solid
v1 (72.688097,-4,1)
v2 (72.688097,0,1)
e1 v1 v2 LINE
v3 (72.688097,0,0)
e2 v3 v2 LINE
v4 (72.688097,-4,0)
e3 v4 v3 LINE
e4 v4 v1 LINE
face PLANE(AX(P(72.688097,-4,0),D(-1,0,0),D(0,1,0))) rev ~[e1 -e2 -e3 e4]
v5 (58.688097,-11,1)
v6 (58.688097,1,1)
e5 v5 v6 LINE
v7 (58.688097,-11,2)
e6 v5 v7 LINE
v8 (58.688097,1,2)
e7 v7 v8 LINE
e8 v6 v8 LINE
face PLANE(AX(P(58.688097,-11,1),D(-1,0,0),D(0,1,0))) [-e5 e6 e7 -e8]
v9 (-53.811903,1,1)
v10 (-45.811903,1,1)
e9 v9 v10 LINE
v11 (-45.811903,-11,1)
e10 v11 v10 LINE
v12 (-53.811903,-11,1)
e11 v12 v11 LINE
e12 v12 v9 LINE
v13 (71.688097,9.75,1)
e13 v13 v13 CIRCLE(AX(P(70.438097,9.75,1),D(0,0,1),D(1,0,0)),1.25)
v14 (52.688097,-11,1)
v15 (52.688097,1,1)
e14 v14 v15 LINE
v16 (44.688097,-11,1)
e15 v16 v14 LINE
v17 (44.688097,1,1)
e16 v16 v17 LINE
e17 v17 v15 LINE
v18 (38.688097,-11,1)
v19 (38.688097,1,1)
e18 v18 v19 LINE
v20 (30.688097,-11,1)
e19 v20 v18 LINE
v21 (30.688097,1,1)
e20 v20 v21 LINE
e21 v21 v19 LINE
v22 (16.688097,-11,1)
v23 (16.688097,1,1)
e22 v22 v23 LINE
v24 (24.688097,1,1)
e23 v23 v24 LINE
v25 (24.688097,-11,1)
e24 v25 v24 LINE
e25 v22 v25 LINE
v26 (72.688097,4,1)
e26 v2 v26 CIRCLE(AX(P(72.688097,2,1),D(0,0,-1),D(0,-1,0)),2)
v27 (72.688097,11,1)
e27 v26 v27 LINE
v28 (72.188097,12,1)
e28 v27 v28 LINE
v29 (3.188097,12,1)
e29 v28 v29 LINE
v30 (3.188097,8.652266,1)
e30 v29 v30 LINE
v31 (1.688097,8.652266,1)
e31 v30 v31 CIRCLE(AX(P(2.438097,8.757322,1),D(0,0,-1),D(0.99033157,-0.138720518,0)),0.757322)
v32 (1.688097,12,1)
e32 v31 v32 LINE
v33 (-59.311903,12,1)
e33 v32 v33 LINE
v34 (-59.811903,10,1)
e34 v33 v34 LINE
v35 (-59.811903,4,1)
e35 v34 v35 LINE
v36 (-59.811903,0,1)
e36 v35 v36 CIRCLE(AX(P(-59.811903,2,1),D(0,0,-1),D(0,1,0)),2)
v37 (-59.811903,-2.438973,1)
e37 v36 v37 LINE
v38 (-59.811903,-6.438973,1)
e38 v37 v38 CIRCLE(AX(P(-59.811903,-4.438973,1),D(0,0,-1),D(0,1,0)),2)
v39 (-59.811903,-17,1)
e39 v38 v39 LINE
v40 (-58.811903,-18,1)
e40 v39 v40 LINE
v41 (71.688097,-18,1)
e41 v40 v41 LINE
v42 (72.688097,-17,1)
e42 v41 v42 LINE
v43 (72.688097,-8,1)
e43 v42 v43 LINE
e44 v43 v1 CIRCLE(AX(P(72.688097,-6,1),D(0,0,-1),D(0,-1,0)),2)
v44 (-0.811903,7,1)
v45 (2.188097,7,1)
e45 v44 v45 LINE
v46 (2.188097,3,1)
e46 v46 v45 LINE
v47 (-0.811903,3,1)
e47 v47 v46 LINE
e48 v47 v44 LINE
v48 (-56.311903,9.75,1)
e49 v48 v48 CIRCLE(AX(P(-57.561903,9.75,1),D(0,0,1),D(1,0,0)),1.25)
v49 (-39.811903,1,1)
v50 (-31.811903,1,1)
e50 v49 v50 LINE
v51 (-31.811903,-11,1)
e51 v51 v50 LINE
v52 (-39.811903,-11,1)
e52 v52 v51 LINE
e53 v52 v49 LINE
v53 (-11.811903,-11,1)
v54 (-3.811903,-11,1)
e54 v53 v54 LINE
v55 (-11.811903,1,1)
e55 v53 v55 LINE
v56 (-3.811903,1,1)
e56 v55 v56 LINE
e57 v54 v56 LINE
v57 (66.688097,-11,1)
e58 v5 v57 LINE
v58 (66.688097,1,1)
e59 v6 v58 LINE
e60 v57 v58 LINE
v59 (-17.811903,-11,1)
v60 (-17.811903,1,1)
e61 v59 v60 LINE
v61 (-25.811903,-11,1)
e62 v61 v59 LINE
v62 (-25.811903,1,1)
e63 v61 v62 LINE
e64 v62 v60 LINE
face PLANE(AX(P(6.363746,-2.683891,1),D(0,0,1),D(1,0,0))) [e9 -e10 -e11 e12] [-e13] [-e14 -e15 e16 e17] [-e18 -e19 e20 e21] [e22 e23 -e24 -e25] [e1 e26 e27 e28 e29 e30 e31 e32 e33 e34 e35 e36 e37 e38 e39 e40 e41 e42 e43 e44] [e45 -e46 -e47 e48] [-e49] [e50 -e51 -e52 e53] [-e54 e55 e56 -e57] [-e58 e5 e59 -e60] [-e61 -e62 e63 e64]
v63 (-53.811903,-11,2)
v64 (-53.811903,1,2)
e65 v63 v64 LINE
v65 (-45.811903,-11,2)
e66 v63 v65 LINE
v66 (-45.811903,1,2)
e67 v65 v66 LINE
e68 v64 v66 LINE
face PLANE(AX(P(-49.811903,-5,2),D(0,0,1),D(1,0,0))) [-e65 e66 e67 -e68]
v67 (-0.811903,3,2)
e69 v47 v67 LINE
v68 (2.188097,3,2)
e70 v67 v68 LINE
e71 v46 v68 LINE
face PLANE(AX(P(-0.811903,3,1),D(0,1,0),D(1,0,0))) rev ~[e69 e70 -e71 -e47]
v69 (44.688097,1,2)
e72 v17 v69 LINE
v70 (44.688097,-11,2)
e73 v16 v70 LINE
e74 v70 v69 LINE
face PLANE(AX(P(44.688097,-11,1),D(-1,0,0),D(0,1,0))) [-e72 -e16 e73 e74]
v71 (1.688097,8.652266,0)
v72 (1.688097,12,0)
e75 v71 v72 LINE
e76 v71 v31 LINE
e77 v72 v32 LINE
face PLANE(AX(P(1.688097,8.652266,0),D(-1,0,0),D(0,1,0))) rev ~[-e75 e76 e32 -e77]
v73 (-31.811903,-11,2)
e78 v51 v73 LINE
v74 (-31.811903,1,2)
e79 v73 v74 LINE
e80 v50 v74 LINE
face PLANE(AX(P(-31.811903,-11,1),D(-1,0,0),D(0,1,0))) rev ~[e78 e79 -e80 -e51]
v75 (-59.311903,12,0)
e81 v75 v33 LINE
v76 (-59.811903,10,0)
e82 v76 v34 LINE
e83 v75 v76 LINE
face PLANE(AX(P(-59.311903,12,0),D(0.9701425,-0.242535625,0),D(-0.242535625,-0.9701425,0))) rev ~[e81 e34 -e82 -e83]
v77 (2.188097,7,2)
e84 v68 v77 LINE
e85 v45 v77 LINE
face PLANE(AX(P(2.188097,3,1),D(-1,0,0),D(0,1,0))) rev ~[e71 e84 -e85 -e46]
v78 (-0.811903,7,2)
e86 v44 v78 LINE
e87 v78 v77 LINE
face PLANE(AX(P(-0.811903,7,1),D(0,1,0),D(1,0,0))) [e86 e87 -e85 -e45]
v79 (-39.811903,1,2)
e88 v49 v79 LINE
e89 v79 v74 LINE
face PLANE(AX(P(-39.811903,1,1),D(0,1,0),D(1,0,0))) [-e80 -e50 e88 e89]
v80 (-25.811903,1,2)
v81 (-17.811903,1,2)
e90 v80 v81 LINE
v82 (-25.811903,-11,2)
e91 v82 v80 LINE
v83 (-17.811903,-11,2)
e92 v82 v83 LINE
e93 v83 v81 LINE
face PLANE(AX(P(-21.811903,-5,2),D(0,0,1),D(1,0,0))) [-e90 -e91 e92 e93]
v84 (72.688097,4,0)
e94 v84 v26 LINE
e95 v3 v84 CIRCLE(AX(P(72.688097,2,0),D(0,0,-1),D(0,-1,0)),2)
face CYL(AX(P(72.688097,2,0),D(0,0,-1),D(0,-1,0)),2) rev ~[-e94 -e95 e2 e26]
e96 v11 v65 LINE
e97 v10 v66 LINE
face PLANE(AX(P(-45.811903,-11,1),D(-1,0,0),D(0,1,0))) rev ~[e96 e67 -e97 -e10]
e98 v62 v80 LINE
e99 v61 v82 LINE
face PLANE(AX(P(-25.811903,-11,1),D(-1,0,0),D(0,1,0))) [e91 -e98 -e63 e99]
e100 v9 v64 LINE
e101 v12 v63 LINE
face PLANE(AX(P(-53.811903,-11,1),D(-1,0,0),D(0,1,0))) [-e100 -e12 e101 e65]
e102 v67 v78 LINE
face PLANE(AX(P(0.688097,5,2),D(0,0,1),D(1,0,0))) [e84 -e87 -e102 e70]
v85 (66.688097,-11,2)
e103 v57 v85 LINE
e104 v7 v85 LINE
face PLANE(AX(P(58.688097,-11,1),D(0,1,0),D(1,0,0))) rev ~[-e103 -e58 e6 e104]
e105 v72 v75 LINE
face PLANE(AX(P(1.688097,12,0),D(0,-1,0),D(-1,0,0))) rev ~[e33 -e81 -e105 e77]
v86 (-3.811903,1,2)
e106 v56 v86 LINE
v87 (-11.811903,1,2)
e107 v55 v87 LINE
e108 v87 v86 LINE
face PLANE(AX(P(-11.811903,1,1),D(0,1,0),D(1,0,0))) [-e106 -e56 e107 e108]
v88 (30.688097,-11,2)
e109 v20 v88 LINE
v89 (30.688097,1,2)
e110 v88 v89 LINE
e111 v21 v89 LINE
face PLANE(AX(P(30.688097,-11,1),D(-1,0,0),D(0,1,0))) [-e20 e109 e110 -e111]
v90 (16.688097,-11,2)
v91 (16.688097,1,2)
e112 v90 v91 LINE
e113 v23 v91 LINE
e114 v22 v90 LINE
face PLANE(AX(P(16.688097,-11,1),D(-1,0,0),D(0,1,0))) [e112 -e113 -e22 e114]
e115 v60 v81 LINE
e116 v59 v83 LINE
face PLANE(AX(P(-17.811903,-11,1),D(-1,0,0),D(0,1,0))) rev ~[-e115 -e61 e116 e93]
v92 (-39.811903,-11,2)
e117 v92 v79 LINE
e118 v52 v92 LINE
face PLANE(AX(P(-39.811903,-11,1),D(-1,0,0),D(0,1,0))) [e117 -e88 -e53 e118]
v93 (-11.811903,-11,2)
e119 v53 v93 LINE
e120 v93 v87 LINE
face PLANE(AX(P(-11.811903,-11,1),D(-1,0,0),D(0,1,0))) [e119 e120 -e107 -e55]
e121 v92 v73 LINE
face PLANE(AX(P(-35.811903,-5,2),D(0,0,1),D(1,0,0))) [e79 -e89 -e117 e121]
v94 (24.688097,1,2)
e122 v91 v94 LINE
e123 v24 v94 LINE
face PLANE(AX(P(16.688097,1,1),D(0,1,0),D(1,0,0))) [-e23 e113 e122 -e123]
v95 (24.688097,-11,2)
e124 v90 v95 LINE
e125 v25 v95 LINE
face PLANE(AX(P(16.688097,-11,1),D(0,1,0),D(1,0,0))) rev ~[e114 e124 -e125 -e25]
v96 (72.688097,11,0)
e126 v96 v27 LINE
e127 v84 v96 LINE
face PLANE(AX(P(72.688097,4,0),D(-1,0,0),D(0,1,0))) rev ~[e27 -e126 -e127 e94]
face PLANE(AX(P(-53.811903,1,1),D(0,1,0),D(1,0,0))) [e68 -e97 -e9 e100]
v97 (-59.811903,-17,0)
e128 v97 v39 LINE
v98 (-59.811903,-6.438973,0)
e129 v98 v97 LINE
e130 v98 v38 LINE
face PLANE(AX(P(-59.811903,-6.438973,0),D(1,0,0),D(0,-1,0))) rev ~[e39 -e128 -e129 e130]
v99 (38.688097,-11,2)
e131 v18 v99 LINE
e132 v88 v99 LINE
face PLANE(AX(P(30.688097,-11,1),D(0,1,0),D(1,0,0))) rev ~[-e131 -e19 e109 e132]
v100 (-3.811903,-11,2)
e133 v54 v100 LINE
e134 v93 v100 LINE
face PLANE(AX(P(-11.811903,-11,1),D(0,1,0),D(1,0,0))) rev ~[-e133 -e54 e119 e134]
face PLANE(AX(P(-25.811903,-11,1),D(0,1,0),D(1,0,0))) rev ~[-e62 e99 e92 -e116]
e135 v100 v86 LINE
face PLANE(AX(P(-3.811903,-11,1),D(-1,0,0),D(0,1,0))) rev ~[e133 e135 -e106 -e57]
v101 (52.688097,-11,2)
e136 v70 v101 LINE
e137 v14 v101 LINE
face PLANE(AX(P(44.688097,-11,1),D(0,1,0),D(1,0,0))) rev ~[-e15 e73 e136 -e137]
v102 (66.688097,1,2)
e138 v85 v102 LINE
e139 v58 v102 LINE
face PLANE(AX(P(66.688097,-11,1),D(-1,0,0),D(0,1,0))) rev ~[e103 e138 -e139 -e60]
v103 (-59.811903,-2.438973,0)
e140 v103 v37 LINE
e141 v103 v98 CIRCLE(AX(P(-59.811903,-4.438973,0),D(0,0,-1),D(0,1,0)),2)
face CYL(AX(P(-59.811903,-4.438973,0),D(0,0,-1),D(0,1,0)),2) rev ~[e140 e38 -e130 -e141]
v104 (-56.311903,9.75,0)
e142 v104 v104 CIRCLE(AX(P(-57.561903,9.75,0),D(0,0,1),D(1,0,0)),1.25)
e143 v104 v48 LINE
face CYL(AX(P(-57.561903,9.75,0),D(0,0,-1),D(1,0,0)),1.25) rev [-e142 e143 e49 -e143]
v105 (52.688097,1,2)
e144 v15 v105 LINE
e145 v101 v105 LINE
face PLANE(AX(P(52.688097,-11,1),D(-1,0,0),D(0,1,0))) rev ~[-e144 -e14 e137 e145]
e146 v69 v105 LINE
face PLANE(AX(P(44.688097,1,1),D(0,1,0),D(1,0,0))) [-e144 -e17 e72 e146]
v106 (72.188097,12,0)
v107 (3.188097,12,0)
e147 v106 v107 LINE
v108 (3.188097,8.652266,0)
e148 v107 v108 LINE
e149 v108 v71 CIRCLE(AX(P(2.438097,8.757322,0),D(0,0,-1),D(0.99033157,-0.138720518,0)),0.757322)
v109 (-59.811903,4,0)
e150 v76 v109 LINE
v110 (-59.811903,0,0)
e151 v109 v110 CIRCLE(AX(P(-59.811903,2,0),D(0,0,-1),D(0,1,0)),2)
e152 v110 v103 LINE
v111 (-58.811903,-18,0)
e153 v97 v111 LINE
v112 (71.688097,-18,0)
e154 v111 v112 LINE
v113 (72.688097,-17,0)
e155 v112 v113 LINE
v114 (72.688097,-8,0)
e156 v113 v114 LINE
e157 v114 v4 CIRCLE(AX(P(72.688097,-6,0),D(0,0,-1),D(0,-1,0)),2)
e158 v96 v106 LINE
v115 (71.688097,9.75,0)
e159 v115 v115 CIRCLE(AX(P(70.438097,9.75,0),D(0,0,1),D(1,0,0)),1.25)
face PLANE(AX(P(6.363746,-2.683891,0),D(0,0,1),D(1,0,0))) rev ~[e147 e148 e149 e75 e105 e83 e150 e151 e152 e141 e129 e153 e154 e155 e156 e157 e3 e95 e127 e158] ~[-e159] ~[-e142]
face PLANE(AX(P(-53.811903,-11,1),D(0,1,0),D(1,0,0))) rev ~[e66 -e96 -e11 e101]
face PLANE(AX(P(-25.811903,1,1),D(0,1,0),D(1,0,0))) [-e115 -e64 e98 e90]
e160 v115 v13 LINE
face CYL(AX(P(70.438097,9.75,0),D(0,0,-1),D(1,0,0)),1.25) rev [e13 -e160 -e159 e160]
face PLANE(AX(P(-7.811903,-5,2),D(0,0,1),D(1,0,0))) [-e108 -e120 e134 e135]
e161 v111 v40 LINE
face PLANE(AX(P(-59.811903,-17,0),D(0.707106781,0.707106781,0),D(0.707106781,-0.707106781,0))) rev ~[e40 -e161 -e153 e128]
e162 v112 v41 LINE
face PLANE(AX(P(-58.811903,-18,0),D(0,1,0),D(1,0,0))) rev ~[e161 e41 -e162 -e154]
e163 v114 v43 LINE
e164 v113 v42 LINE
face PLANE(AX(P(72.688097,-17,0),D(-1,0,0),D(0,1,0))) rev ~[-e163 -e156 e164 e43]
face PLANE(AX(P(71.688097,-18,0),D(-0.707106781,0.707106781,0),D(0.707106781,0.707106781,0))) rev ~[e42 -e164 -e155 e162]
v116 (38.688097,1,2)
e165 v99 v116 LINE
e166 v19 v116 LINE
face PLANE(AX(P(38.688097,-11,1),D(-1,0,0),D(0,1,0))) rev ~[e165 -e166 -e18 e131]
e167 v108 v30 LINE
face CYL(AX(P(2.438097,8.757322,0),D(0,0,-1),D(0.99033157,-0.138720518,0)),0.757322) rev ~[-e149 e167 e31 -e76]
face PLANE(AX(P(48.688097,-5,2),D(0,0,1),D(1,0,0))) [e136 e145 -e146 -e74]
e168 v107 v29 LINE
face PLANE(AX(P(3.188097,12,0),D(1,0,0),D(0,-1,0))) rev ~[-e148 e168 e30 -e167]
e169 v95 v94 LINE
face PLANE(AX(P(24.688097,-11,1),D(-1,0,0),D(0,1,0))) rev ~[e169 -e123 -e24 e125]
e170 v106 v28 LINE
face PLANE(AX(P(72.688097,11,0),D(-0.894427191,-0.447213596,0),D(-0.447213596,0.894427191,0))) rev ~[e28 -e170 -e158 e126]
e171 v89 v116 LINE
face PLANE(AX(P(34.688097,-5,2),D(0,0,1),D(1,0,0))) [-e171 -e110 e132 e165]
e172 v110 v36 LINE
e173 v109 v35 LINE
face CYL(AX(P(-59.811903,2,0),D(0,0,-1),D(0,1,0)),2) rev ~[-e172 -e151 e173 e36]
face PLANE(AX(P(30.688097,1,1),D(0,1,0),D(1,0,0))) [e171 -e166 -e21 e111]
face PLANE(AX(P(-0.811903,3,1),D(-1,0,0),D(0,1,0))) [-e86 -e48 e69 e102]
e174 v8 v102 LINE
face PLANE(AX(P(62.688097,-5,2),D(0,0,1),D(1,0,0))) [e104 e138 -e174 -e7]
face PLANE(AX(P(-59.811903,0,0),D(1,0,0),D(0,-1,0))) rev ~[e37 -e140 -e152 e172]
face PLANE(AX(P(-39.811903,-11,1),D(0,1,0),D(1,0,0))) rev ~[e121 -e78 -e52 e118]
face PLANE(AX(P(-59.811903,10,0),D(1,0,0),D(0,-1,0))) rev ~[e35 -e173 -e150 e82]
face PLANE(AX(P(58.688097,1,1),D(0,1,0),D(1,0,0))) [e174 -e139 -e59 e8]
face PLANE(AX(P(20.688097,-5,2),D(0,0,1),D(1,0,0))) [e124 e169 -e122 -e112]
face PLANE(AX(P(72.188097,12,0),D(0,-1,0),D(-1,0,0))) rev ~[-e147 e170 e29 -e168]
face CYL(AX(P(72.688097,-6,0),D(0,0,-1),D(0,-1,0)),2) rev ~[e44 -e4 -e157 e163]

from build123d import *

# Parameters (mm, degrees)
F0_R     = 1.25
F1_DEPTH = 1
F2_W     = 8
F2_H     = 12
F2_W_2   = 3
F2_H_2   = 4
F3_DEPTH = 1


with BuildPart() as f1:
    # F0 (on Top) → F1 (new body)
    with BuildSketch(Plane.XY):
        with BuildLine():
            Line((1.688097, 12), (-59.311903, 12))
            Line((-59.311903, 12), (-59.811903, 10))
            Line((-59.811903, 10), (-59.811903, 4))
            ThreePointArc((-59.811903, 4), (-57.811903, 2), (-59.811903, 0))
            Line((-59.811903, 0), (-59.811903, -2.438973))
            ThreePointArc((-59.811903, -2.438973), (-57.811903, -4.438973), (-59.811903, -6.438973))
            Line((-59.811903, -6.438973), (-59.811903, -17))
            Line((-59.811903, -17), (-58.811903, -18))
            Line((-58.811903, -18), (71.688097, -18))
            Line((71.688097, -18), (72.688097, -17))
            Line((72.688097, -17), (72.688097, -8))
            ThreePointArc((72.688097, -8), (70.688097, -6), (72.688097, -4))
            Line((72.688097, -4), (72.688097, 0))
            ThreePointArc((72.688097, 0), (70.688097, 2), (72.688097, 4))
            Line((72.688097, 4), (72.688097, 11))
            Line((72.688097, 11), (72.188097, 12))
            Line((72.188097, 12), (3.188097, 12))
            Line((3.188097, 12), (3.188097, 8.652266))
            ThreePointArc((3.188097, 8.652266), (2.438097, 8), (1.688097, 8.652266))
            Line((1.688097, 8.652266), (1.688097, 12))
        make_face()
        with Locations((-57.561903, 9.75)):
            Circle(F0_R, mode=Mode.SUBTRACT)
        with Locations((70.438097, 9.75)):
            Circle(F0_R, mode=Mode.SUBTRACT)
    extrude(amount=F1_DEPTH)

    # F2 (on face) → F3 (join)
    with BuildSketch(Plane.XY.offset(1)):
        with Locations((-49.811903, -5)):
            Rectangle(F2_W, F2_H)
        with Locations((-35.811903, -5)):
            Rectangle(F2_W, F2_H)
        with Locations((-21.811903, -5)):
            Rectangle(F2_W, F2_H)
        with Locations((-7.811903, -5)):
            Rectangle(F2_W, F2_H)
        with Locations((62.688097, -5)):
            Rectangle(F2_W, F2_H)
        with Locations((48.688097, -5)):
            Rectangle(F2_W, F2_H)
        with Locations((34.688097, -5)):
            Rectangle(F2_W, F2_H)
        with Locations((20.688097, -5)):
            Rectangle(F2_W, F2_H)
        with Locations((0.688097, 5)):
            Rectangle(F2_W_2, F2_H_2)
    extrude(amount=F3_DEPTH)


solid = f1.part
